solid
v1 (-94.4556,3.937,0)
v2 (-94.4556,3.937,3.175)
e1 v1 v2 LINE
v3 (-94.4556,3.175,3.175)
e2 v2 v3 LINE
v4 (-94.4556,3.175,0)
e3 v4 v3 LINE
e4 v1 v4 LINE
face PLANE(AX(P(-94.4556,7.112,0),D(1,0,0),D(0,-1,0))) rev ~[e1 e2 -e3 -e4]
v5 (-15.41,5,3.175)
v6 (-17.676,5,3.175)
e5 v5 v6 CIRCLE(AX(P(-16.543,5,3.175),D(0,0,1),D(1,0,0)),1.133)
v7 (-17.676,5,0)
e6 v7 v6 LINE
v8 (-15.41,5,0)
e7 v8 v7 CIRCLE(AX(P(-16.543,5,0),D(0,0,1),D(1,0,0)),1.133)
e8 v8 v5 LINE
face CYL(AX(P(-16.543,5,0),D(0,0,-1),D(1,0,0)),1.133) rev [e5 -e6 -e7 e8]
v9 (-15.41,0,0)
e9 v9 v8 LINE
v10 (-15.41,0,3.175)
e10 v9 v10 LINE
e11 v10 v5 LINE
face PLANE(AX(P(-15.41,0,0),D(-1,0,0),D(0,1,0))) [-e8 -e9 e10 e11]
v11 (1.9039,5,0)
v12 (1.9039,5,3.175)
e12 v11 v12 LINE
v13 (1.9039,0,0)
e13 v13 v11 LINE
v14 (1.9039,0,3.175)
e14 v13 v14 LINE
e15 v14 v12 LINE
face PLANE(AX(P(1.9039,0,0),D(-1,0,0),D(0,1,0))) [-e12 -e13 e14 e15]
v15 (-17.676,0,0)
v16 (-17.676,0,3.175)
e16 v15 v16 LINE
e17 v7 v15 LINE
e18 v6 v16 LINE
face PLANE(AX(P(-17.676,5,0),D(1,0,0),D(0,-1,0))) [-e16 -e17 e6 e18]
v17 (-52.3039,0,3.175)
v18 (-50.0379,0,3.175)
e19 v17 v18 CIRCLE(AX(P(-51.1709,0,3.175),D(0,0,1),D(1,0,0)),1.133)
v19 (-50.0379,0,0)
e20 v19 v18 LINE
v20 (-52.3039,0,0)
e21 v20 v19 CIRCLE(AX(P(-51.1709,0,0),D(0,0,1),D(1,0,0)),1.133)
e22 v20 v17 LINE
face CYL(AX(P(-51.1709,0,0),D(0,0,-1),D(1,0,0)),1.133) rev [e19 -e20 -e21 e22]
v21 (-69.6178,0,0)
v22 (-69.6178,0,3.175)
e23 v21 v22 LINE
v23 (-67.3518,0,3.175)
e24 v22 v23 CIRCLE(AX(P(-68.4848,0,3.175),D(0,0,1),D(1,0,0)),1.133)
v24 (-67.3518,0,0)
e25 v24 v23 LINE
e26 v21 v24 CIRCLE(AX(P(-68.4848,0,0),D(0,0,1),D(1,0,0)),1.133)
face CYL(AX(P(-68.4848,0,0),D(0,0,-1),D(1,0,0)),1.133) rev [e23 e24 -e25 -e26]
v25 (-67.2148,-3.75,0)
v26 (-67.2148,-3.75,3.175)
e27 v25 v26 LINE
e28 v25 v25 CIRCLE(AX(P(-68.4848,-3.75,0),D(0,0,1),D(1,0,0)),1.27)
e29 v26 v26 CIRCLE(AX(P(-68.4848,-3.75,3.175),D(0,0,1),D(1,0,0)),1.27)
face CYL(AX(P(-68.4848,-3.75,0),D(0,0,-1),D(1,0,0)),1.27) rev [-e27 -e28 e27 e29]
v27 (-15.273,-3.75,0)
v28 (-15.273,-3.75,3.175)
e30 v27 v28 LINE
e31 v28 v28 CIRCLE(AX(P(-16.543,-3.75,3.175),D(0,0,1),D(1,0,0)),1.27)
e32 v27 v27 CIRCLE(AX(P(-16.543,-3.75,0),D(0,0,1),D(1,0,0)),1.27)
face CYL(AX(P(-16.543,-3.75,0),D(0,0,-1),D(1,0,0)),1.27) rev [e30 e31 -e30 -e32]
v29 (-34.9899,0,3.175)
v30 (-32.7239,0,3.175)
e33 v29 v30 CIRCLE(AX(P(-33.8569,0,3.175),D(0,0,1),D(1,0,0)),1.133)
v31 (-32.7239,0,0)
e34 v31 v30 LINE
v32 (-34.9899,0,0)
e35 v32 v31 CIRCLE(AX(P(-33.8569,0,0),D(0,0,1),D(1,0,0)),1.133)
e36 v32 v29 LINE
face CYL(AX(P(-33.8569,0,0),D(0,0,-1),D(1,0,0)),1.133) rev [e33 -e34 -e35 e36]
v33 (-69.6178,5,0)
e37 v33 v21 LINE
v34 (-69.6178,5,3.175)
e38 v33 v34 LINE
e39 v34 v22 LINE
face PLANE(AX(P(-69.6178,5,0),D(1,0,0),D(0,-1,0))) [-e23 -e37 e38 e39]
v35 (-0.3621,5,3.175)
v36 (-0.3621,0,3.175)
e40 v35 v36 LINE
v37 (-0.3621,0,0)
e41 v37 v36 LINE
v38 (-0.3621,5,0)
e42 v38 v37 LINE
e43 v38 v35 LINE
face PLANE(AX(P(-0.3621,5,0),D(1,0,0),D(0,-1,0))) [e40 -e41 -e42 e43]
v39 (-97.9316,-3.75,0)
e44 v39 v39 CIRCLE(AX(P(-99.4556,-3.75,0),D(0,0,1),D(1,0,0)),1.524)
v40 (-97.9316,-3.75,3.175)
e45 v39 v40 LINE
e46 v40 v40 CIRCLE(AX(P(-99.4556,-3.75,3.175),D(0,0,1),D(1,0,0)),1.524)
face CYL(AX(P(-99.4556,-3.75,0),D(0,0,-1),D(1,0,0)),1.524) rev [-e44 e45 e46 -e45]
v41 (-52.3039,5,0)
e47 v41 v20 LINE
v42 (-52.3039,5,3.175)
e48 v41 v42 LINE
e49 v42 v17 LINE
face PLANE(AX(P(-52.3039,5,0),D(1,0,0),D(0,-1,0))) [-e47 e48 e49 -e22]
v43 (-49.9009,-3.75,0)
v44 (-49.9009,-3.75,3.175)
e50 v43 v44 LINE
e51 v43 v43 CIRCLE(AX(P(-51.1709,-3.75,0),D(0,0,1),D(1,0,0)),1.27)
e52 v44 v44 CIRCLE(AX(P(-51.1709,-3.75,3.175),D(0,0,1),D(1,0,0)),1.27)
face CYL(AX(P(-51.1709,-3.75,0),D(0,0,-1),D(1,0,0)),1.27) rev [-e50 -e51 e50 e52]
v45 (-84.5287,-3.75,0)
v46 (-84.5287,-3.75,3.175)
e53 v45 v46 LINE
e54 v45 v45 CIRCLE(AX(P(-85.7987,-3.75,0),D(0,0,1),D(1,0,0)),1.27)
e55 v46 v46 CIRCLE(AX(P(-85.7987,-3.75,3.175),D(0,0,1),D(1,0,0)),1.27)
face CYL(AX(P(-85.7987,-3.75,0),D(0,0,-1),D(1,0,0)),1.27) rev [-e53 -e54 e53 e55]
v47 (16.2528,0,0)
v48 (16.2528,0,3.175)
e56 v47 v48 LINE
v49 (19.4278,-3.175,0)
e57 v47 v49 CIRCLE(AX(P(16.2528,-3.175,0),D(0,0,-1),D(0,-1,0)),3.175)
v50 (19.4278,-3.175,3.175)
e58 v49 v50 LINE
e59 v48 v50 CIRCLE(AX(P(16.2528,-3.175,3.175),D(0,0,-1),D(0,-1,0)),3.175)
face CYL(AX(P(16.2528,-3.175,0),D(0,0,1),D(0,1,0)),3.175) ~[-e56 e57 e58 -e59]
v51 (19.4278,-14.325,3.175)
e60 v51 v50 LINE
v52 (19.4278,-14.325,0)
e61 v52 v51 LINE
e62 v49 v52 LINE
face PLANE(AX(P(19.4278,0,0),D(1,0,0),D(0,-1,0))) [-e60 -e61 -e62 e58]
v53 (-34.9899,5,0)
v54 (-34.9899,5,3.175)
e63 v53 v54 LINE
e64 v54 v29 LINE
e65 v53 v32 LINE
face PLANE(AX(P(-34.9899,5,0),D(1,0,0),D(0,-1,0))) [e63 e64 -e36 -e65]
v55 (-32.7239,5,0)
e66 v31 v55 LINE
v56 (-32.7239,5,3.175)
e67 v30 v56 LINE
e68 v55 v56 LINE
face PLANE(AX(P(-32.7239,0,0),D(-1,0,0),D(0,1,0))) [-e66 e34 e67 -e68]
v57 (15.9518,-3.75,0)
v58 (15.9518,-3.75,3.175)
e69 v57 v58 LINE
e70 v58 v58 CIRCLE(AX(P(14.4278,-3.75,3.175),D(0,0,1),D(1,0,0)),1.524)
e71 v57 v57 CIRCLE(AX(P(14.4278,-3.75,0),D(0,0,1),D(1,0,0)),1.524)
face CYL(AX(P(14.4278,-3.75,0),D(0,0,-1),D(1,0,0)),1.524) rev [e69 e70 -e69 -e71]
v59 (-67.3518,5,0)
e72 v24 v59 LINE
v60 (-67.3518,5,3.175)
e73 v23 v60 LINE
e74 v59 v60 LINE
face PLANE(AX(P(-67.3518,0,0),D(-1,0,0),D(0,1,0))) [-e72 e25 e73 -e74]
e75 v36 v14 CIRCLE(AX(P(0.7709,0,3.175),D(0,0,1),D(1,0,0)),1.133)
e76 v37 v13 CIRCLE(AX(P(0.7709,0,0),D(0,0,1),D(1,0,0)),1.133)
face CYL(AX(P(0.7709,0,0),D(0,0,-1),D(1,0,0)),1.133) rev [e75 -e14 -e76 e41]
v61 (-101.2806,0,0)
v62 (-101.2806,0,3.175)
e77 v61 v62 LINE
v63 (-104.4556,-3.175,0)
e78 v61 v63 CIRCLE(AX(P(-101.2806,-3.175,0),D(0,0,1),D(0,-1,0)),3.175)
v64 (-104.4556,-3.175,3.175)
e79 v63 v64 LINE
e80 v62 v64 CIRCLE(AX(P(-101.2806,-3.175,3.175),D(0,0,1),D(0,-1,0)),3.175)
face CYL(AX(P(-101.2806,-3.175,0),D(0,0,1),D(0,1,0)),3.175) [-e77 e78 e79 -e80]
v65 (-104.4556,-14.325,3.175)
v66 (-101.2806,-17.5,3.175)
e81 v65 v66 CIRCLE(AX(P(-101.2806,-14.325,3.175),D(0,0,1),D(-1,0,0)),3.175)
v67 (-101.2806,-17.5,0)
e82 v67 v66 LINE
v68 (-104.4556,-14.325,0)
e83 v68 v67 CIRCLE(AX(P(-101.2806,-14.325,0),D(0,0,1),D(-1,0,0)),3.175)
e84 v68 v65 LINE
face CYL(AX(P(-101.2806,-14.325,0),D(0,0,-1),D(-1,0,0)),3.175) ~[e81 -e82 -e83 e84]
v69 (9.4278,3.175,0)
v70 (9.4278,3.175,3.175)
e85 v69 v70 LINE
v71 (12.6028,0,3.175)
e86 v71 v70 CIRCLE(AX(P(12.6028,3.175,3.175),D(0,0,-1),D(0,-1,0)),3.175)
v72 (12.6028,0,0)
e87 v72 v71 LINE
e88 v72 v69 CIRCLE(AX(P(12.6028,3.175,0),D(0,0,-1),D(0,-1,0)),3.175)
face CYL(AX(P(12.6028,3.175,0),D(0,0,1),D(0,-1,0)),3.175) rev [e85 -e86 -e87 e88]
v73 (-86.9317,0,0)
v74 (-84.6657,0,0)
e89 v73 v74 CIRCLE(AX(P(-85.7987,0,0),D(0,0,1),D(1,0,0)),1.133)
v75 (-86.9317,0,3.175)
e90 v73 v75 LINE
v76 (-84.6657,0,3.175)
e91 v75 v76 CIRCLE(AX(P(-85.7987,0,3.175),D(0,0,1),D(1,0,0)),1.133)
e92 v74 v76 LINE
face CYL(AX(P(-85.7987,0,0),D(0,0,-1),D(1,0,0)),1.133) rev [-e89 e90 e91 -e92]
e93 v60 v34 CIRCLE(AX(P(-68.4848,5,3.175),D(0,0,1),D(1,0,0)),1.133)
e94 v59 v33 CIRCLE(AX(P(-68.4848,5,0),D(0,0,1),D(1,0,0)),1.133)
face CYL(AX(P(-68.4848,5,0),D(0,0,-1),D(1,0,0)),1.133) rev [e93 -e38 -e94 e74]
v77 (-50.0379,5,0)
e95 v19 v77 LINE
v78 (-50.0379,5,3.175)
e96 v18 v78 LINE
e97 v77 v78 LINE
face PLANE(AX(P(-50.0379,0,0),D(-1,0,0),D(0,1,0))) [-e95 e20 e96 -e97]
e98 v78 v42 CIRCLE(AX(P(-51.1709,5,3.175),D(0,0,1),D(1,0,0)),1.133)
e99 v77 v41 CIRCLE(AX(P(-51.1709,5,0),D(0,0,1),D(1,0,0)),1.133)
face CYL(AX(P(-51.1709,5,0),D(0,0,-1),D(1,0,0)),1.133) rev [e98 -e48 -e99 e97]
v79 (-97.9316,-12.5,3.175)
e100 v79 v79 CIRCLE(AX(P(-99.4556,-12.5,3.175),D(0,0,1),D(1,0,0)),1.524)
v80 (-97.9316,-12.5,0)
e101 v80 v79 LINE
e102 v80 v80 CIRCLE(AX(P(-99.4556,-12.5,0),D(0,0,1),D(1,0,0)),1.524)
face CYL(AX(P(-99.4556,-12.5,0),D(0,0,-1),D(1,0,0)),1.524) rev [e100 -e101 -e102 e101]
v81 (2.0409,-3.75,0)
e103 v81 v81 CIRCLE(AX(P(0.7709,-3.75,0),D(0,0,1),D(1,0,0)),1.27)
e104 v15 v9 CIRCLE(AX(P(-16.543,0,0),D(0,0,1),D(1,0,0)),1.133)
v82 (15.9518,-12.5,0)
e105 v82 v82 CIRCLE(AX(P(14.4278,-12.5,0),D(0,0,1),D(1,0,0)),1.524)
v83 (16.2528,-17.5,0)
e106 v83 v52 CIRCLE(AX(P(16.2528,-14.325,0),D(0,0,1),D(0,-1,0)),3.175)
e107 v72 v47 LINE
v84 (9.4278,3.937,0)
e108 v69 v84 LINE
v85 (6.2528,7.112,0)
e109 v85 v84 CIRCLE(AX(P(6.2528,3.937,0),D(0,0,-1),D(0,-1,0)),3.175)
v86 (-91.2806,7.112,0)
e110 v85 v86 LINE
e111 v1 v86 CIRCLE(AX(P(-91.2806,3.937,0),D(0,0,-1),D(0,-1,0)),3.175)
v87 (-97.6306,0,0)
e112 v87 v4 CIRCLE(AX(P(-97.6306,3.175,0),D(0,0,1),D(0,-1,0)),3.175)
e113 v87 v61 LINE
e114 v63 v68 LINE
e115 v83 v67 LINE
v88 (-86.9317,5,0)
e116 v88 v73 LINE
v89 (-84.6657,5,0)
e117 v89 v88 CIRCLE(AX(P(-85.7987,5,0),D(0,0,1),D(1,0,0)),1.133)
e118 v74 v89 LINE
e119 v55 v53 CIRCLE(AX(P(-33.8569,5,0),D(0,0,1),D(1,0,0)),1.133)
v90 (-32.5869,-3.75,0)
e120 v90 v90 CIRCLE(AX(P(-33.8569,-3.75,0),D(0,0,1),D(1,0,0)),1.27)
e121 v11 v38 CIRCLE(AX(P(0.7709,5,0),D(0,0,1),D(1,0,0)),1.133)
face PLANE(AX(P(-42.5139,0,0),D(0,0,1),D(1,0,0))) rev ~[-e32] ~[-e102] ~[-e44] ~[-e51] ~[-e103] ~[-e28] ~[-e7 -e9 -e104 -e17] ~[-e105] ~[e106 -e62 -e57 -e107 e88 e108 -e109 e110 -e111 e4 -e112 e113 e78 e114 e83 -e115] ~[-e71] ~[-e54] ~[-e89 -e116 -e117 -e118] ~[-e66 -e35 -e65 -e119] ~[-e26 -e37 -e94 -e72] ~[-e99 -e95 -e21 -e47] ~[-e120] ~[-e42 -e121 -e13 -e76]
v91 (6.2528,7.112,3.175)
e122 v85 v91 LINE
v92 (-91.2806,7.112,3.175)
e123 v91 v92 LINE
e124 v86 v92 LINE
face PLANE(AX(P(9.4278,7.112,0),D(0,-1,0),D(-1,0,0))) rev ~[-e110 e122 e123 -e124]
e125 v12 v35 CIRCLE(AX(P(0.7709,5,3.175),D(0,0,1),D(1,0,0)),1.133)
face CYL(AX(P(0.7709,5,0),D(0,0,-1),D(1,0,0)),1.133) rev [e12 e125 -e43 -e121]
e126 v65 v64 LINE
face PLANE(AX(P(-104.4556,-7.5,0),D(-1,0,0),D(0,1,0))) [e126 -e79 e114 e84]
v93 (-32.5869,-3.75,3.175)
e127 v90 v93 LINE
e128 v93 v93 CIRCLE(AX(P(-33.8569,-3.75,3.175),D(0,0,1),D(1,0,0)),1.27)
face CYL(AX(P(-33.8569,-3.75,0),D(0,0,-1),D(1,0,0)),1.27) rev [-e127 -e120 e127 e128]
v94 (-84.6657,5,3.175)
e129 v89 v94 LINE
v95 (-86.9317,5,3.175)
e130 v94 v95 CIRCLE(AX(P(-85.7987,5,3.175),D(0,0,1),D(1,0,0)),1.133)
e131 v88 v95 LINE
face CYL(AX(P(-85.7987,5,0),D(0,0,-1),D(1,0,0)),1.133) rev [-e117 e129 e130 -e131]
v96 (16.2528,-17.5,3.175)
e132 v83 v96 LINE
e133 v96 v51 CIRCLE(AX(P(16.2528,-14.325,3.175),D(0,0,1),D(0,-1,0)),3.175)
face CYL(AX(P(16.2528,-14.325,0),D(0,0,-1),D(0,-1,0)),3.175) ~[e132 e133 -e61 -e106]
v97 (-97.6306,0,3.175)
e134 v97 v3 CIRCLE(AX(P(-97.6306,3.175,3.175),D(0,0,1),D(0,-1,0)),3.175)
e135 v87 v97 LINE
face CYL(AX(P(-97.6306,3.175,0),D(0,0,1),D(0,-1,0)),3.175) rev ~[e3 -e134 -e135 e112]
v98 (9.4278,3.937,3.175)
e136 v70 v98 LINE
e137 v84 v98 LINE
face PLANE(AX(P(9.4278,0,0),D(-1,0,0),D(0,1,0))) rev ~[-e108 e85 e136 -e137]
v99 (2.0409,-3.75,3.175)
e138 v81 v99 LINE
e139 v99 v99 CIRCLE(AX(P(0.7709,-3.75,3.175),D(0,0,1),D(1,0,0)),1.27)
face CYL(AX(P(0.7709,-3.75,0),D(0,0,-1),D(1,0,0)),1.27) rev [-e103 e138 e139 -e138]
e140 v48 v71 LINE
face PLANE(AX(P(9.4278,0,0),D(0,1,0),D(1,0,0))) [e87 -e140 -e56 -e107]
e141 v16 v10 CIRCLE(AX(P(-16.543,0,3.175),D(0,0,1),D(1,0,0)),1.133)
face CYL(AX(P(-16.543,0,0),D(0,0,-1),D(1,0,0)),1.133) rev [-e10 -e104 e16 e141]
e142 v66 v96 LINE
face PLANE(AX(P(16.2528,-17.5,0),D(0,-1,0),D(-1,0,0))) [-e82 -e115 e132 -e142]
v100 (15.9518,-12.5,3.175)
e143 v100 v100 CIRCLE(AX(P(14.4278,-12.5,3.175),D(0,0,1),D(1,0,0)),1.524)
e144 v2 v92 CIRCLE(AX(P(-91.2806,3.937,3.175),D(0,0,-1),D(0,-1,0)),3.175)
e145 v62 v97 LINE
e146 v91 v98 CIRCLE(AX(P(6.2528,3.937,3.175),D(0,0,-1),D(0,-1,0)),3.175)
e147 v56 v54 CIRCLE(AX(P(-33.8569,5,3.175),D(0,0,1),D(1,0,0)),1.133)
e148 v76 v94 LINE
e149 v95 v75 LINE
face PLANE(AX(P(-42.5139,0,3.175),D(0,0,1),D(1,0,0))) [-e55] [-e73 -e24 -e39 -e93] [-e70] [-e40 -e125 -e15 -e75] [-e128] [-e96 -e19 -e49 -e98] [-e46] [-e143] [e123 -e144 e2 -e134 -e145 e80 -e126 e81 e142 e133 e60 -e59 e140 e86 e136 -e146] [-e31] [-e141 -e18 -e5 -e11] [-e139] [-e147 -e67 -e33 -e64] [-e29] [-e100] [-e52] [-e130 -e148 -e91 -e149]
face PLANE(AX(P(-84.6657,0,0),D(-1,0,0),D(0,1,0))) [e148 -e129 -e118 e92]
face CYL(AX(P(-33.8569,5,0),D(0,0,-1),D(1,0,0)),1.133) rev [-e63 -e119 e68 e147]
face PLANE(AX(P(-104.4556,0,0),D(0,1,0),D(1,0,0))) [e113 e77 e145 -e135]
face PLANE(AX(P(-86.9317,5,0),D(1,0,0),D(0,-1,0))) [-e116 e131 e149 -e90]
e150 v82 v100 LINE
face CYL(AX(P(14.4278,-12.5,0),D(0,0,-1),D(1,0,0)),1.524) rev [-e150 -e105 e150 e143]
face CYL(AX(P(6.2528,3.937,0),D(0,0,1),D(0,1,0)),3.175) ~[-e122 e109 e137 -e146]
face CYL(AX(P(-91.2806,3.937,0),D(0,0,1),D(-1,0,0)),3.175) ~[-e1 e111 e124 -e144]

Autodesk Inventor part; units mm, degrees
ref_plane "YZ Plane" through (0, 0, 0) normal (1, 0, 0) x (0, 1, 0)
ref_plane "XZ Plane" through (0, 0, 0) normal (0, 1, 0) x (-1, 0, 0)
ref_plane "XY Plane" through (0, 0, 0) normal (0, 0, 1) x (1, 0, 0)
ref_plane "Work Plane1" through (-42.5139, 0, 0) normal (0, 0, 1) x (1, 0, 0)
sketch "Sketch1" plane through (-42.5139, 0, 0) normal (0, 0, 1) x (1, 0, 0)
  line L0 (-61.9417, 0) -> (61.9417, 0)
  line L1 (61.9417, 0) -> (61.9417, -14.325)
  line L2 (58.7667, -17.5) -> (-58.7667, -17.5)
  line L3 (-61.9417, -14.325) -> (-61.9417, 0)
  line L4 (-61.9417, -14.325) -> (-61.9417, -7.5) projected
  line L5 (61.9417, -7.5) -> (61.9417, -14.325) projected
  line L6 (-75.2, -7.5) -> (75.2, -7.5) projected
  line L7 (-58.7667, 0) -> (-55.1167, 0) projected
  line L8 (55.1167, 0) -> (58.7667, 0) projected
  line L9 (-58.7667, -17.5) -> (-53.0564, -17.5) projected
  line L10 (53.0564, -17.5) -> (58.7667, -17.5) projected
  arc A0 (-61.9417, -14.325) -> (-58.7667, -17.5) centre (-58.7667, -14.325) ccw
  arc A1 (58.7667, -17.5) -> (61.9417, -14.325) centre (58.7667, -14.325) ccw
  circle A2 centre (-56.9417, -3.75) radius 1.524 projected
  circle A3 centre (-56.9417, -12.5) radius 1.524 projected
  circle A4 centre (56.9417, -12.5) radius 1.524 projected
  circle A5 centre (56.9417, -3.75) radius 1.524 projected
  line L11 (-43.3353, -7.5) -> (43.3353, -7.5)
  line L12 (43.3353, -7.5) -> (43.3353, -17.5)
  line L13 (43.3353, -17.5) -> (-43.3353, -17.5)
  line L14 (-43.3353, -17.5) -> (-43.3353, -7.5)
  line L15 (-43.3353, -11.5) -> (43.3353, -11.5) projected
  line L16 (-58.7667, -17.5) -> (-53.0564, -17.5) projected
  line L17 (-58.7667, -17.5) -> (-53.0564, -17.5) projected
  line L18 (53.0564, -17.5) -> (58.7667, -17.5) projected
  line L19 (43.3353, -7.5) -> (53.0564, -17.5)
  line L20 (-53.0564, -17.5) -> (-43.3353, -7.5)
  line L21 (-56.9417, -3.75) -> (56.9417, -3.75) construction
  line L22 (-51.9417, -7.5) -> (-51.9417, -3.175) projected
  line L23 (51.9417, -3.175) -> (51.9417, -7.5) projected
  circle A6 centre (-43.2848, -3.75) radius 1.27
  circle A7 centre (-25.9709, -3.75) radius 1.27
  circle A8 centre (-8.657, -3.75) radius 1.27
  circle A9 centre (8.657, -3.75) radius 1.27
  circle A10 centre (25.9709, -3.75) radius 1.27
  circle A11 centre (43.2848, -3.75) radius 1.27
  line L24 (-51.9417, 0) -> (51.9417, 0)
  line L25 (51.9417, 0) -> (51.9417, 7.112)
  line L26 (51.9417, 7.112) -> (-51.9417, 7.112)
  line L27 (-51.9417, 7.112) -> (-51.9417, 0)
  circle A12 centre (-43.2848, 0) radius 1.133
  circle A13 centre (-43.2848, 5) radius 1.133
  line L28 (-44.4178, 5) -> (-44.4178, 0)
  line L29 (-42.1518, 0) -> (-42.1518, 5)
  circle A14 centre (-25.9709, 0) radius 1.133
  circle A15 centre (-25.9709, 5) radius 1.133
  line L30 (-27.1039, 5) -> (-27.1039, 0)
  line L31 (-24.8379, 0) -> (-24.8379, 5)
  circle A16 centre (-8.657, 0) radius 1.133
  circle A17 centre (-8.657, 5) radius 1.133
  line L32 (-9.79, 5) -> (-9.79, 0)
  line L33 (-7.524, 0) -> (-7.524, 5)
  circle A18 centre (8.657, 0) radius 1.133
  circle A19 centre (8.657, 5) radius 1.133
  line L34 (7.524, 5) -> (7.524, 0)
  line L35 (9.79, 0) -> (9.79, 5)
  circle A20 centre (25.9709, 0) radius 1.133
  circle A21 centre (25.9709, 5) radius 1.133
  line L36 (24.8379, 5) -> (24.8379, 0)
  line L37 (27.1039, 0) -> (27.1039, 5)
  circle A22 centre (43.2848, 0) radius 1.133
  circle A23 centre (43.2848, 5) radius 1.133
  line L38 (42.1518, 5) -> (42.1518, 0)
  line L39 (44.4178, 0) -> (44.4178, 5)
  point P0 (42.5139, 0)
  point P1 (0, -3.75)
  point P2 (-27.1039, 0)
  point P3 (7.524, 0)
  point P4 (24.8379, 0)
  point P5 (27.1039, 0)
  point P6 (42.1518, 0)
  point P7 (44.4178, 0)
  point P8 (27.1039, 0)
  point P9 (24.8379, 0)
  point P10 (9.79, 0)
  point P11 (7.524, 0)
  point P12 (-7.524, 0)
  point P13 (-9.79, 0)
  point P14 (-24.8379, 0)
  point P15 (-27.1039, 0)
  point P16 (-42.1518, 0)
  dimension "d1" = 3.175
  dimension "d2" = 3.75
  dimension "d5" = 2.54
  dimension "d6" = 103.8834
  dimension "d10" = 17.3139
  dimension "d15" = 8.657
  dimension "d19" = 86.5695
  dimension "d20" = 8.657
  dimension "d21" = 7.112
  dimension "d22" = 2.266
  dimension "d23" = 2.266
  dimension "d25" = 5
  dimension "d29" = 17.3139
extrude "Extrusion1" add sketch "Sketch1" along normal blind 3.175 contours L0 A12 A14 A16 A18 A20 A22 L1 L6 L3 | L6 L20 L2 A0 L3 | L27 L26 L25 L0 L39 A23 L38 L37 A21 L36 L35 A19 L34 L33 A17 L32 L31 A15 L30 L29 A13 L28 | L6 L12 L15 L14 | L14 L2 L20 | L19 L2 L12 | L6 L1 A1 L2 L19 | L15 L12 L2 L14
fillet "Fillet1" radius 3.175 6 edges at (9.4278, 0, 1.5875) (9.4278, 7.112, 1.5875) (-94.4556, 7.112, 1.5875) (-94.4556, 0, 1.5875) (-104.4556, 0, 1.5875) (19.4278, 0, 1.5875)
equation "\"d10\" = 0.166667 * d6"
equation "\"d20\" = -0.5 * d19 + 0.5 * d6"
equation "\"d23\" = d22"
equation "\"d29\" = d10"
properties part number "servo_mount_2"
